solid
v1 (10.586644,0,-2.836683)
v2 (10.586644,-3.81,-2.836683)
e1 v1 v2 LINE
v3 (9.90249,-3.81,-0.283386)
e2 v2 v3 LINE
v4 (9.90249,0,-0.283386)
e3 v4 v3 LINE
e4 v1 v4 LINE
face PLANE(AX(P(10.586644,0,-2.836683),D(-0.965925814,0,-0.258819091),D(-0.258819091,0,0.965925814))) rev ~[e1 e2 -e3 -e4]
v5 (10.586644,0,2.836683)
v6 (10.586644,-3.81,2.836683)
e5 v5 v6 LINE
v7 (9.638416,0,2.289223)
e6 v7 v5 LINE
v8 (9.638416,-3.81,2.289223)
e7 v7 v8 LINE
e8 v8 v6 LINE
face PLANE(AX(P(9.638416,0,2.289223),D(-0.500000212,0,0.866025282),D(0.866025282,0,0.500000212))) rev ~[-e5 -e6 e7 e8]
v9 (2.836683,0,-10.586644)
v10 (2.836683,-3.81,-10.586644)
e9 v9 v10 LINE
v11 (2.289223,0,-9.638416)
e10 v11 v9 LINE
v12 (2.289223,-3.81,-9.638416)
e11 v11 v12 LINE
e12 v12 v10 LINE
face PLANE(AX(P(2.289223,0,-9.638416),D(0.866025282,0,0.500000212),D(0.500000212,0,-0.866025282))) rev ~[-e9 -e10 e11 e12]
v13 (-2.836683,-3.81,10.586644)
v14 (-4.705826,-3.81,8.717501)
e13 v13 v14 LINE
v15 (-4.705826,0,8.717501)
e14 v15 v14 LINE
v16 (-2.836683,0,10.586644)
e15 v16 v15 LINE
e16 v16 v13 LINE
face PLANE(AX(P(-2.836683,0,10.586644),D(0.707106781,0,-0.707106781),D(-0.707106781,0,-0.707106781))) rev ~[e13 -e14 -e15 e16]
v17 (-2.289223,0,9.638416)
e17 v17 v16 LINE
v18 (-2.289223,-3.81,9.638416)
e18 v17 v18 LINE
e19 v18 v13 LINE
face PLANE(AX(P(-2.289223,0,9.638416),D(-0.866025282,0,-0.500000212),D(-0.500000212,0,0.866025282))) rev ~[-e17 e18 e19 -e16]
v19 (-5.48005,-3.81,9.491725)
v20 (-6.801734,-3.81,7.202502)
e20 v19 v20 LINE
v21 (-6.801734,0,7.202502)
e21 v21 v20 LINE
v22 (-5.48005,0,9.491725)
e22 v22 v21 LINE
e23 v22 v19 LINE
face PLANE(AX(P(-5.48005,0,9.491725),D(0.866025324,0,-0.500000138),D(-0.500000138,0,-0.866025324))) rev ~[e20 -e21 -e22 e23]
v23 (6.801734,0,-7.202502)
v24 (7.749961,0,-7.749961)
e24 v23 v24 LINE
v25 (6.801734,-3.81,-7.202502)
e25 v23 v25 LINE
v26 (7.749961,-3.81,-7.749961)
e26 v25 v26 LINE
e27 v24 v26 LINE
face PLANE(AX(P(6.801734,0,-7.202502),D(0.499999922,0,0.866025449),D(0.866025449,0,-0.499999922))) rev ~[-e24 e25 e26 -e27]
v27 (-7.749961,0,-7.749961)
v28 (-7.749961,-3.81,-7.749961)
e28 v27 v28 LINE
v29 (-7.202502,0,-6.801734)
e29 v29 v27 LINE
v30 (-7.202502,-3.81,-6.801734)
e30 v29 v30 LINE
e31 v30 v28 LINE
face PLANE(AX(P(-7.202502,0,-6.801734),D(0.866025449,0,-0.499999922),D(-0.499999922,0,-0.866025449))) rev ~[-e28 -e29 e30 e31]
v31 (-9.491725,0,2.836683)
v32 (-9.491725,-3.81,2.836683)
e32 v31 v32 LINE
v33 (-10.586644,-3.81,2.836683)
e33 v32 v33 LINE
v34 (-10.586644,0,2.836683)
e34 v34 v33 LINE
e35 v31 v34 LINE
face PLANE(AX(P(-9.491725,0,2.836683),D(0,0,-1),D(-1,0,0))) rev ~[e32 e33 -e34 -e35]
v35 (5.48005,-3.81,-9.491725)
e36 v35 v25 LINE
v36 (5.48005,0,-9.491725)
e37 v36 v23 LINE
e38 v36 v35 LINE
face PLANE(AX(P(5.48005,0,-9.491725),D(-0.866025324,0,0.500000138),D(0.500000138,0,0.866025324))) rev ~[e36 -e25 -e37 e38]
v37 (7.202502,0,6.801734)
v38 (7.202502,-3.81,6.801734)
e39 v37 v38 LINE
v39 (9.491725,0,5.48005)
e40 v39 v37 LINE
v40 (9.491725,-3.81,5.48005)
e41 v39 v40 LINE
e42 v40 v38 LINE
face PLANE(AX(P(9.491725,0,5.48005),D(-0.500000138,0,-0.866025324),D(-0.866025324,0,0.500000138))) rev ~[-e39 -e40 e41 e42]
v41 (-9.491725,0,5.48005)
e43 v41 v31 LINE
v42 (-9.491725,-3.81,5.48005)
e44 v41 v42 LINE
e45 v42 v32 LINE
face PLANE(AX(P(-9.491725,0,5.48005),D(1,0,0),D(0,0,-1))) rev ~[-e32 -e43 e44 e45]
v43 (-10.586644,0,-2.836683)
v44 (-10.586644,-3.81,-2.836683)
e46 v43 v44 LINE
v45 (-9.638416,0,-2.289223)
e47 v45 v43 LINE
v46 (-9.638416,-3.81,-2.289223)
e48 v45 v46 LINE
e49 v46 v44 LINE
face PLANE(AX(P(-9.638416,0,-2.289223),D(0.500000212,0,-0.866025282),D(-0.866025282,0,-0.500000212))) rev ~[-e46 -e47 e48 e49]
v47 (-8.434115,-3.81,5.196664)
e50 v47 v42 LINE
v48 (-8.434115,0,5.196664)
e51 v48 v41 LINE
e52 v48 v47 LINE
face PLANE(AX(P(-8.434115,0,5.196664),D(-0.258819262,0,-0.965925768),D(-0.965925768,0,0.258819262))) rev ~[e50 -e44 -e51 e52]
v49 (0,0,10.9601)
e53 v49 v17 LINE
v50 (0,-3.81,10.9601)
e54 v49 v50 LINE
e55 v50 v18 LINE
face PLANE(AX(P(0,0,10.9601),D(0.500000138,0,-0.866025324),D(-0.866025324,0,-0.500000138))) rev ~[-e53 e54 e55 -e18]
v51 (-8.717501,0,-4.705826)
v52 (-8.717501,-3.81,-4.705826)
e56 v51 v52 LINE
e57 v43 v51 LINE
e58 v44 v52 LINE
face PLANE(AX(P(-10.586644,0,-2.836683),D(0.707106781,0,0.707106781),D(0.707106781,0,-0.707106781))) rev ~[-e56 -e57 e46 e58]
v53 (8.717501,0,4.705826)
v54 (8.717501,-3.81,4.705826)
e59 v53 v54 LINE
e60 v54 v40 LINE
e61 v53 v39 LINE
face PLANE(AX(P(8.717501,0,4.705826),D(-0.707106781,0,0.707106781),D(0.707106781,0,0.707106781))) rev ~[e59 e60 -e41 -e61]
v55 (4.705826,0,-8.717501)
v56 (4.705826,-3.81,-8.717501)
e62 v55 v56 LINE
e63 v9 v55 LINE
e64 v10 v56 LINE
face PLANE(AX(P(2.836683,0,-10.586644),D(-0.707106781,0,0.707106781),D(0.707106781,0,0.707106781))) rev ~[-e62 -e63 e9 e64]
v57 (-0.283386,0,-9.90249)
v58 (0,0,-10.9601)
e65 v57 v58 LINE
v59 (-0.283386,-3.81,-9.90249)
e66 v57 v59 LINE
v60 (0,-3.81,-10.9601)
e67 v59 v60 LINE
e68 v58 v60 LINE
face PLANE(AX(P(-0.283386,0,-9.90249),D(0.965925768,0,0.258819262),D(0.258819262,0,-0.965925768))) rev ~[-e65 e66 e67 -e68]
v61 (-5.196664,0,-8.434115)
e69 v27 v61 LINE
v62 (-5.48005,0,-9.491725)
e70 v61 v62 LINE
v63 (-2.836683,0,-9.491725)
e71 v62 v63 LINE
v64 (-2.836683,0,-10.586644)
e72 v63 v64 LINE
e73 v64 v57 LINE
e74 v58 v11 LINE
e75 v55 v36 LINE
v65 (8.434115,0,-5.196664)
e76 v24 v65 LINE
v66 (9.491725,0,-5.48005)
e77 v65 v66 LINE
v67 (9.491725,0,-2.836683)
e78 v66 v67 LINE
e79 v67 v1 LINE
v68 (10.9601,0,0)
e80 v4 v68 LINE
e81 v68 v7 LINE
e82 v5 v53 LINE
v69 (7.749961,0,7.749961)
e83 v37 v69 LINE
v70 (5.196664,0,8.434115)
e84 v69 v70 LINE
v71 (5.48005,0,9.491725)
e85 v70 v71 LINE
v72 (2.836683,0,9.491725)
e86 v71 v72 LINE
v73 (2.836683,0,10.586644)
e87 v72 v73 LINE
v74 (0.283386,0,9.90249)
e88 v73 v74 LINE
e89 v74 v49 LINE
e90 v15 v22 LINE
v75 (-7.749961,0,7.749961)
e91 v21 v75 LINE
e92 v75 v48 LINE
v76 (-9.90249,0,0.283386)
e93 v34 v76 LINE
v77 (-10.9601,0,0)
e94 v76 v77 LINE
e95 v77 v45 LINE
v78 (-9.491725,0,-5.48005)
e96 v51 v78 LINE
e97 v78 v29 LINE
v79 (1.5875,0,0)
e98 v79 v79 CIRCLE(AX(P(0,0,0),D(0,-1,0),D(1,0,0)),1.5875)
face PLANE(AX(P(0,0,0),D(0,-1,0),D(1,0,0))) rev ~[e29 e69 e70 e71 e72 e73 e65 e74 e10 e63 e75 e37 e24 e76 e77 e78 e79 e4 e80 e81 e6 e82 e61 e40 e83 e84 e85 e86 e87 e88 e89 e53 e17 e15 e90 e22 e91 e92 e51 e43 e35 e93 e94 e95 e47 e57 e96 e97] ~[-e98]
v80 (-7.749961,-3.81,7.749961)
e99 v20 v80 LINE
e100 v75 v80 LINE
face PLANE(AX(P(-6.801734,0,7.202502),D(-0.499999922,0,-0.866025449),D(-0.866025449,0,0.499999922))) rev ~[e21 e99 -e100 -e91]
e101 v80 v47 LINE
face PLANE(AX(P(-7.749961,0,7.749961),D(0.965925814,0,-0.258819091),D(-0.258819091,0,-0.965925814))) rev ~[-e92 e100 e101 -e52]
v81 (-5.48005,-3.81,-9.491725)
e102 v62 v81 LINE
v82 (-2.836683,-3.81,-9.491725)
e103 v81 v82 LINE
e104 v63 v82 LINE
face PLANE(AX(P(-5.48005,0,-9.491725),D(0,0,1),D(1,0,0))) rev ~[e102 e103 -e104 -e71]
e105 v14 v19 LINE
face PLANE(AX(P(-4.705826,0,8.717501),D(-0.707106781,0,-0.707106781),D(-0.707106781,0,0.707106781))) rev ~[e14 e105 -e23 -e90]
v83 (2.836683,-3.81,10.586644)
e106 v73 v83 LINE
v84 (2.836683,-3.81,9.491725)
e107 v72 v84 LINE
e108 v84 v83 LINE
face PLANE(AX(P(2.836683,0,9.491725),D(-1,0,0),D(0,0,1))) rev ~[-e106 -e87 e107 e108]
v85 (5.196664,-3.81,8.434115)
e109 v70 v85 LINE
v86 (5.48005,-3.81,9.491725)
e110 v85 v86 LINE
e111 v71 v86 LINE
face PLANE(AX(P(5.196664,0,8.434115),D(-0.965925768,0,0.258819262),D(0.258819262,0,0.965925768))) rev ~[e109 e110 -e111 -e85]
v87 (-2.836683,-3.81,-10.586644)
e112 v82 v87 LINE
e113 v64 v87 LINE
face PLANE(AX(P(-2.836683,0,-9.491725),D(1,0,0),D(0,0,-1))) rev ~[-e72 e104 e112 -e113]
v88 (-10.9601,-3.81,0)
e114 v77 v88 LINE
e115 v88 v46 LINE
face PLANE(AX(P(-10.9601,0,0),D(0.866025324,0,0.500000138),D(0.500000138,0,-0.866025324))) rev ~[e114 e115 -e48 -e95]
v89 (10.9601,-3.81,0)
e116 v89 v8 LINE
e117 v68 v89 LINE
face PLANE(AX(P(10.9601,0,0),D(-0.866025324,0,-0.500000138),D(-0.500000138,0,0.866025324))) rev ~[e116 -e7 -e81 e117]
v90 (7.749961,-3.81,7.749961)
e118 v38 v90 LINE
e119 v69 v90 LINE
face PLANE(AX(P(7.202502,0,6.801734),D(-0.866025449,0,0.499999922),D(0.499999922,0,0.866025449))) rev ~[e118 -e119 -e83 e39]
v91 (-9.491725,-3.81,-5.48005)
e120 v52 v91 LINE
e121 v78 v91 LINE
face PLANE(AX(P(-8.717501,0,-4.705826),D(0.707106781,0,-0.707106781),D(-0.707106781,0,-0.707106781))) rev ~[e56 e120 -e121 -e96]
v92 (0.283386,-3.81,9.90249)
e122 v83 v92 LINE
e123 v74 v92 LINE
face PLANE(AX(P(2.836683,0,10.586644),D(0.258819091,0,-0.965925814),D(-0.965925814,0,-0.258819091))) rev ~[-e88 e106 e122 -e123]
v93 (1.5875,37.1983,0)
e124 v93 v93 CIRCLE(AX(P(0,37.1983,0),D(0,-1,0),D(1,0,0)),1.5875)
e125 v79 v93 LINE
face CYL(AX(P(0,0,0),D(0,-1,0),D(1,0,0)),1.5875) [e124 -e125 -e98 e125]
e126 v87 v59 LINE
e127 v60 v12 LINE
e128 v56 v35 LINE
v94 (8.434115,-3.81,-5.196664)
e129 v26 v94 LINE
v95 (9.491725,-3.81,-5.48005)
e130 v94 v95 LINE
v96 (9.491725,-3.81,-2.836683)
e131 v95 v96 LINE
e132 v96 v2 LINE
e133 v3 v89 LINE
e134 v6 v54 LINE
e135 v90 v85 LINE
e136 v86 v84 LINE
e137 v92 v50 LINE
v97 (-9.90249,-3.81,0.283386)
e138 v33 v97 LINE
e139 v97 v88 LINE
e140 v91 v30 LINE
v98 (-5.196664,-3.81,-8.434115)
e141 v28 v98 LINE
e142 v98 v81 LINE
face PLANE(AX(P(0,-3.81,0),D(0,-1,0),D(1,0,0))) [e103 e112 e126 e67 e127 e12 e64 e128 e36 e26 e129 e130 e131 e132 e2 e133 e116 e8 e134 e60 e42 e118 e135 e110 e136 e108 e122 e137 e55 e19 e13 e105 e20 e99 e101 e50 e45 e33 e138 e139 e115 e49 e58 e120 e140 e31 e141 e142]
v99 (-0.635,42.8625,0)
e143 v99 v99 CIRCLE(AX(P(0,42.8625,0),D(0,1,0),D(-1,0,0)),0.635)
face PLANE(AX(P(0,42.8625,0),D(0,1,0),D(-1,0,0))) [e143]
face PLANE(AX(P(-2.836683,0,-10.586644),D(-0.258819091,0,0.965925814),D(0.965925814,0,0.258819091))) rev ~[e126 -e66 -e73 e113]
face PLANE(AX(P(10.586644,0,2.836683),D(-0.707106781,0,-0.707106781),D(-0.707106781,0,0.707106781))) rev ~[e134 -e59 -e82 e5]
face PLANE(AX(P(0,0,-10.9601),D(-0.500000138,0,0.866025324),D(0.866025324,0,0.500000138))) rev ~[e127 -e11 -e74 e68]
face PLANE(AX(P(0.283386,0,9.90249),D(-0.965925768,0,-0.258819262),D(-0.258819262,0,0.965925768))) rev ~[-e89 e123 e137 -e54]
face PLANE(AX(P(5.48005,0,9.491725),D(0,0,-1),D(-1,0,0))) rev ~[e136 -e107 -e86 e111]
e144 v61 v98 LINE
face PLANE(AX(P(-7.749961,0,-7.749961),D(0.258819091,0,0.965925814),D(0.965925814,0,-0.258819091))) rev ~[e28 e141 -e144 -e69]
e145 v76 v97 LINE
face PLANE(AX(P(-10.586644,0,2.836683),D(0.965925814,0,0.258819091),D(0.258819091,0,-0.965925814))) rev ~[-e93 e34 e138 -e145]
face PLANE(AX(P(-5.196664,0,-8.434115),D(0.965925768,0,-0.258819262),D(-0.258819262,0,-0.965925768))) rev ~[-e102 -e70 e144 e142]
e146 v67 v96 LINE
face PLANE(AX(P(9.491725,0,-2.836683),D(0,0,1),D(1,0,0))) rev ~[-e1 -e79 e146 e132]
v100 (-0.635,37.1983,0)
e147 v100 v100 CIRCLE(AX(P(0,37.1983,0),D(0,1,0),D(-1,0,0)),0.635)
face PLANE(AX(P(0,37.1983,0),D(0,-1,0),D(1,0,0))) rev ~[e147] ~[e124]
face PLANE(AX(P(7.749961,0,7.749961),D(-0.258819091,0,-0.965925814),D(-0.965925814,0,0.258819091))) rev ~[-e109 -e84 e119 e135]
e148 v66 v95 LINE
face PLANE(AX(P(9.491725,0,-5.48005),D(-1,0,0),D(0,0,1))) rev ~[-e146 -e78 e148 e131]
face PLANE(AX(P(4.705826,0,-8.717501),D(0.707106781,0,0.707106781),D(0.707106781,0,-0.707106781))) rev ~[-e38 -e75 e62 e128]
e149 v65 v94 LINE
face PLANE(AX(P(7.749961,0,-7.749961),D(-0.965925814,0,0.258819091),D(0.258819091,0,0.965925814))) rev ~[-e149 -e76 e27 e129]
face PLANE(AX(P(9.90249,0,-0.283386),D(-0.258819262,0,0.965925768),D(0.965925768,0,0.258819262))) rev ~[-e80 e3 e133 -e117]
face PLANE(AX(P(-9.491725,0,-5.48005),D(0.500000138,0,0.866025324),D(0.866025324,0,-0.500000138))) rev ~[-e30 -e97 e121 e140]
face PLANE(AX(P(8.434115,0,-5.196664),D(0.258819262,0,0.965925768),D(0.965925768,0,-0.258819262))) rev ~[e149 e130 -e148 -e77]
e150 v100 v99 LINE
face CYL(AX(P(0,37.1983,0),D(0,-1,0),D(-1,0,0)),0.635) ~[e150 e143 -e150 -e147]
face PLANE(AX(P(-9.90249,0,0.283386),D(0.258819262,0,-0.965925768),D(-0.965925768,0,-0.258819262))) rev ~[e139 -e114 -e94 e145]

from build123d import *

# Parameters (mm, degrees)
F1_DEPTH = 3.81
F2_R     = 1.5875
F3_DEPTH = 37.1983
F4_R     = 0.635
F5_DEPTH = 5.6642


with BuildPart() as f1:
    # F0 (on Front) → F1 (new body)
    with BuildSketch(Plane.XZ):
        Polygon((0.283386, 9.90249), (0, 10.9601), (-2.289223, 9.638416), (-2.836683, 10.586644), (-4.705826, 8.717501), (-5.48005, 9.491725), (-6.801734, 7.202502), (-7.749961, 7.749961), (-8.434115, 5.196664), (-9.491725, 5.48005), (-9.491725, 2.836683), (-10.586644, 2.836683), (-9.90249, 0.283386), (-10.9601, 0), (-9.638416, -2.289223), (-10.586644, -2.836683), (-8.717501, -4.705826), (-9.491725, -5.48005), (-7.202502, -6.801734), (-7.749961, -7.749961), (-5.196664, -8.434115), (-5.48005, -9.491725), (-2.836683, -9.491725), (-2.836683, -10.586644), (-0.283386, -9.90249), (0, -10.9601), (2.289223, -9.638416), (2.836683, -10.586644), (4.705826, -8.717501), (5.48005, -9.491725), (6.801734, -7.202502), (7.749961, -7.749961), (8.434115, -5.196664), (9.491725, -5.48005), (9.491725, -2.836683), (10.586644, -2.836683), (9.90249, -0.283386), (10.9601, 0), (9.638416, 2.289223), (10.586644, 2.836683), (8.717501, 4.705826), (9.491725, 5.48005), (7.202502, 6.801734), (7.749961, 7.749961), (5.196664, 8.434115), (5.48005, 9.491725), (2.836683, 9.491725), (2.836683, 10.586644), align=None)
    extrude(amount=F1_DEPTH)

    # F2 (on Front) → F3 (join)
    with BuildSketch(Plane.XZ):
        Circle(F2_R)
    extrude(amount=-F3_DEPTH)

    # F4 (on face) → F5 (join)
    with BuildSketch(Plane(origin=(0, 37.1983, 0), x_dir=(-1, 0, 0), z_dir=(0, 1, 0))):
        Circle(F4_R)
    extrude(amount=F5_DEPTH)


solid = f1.part
